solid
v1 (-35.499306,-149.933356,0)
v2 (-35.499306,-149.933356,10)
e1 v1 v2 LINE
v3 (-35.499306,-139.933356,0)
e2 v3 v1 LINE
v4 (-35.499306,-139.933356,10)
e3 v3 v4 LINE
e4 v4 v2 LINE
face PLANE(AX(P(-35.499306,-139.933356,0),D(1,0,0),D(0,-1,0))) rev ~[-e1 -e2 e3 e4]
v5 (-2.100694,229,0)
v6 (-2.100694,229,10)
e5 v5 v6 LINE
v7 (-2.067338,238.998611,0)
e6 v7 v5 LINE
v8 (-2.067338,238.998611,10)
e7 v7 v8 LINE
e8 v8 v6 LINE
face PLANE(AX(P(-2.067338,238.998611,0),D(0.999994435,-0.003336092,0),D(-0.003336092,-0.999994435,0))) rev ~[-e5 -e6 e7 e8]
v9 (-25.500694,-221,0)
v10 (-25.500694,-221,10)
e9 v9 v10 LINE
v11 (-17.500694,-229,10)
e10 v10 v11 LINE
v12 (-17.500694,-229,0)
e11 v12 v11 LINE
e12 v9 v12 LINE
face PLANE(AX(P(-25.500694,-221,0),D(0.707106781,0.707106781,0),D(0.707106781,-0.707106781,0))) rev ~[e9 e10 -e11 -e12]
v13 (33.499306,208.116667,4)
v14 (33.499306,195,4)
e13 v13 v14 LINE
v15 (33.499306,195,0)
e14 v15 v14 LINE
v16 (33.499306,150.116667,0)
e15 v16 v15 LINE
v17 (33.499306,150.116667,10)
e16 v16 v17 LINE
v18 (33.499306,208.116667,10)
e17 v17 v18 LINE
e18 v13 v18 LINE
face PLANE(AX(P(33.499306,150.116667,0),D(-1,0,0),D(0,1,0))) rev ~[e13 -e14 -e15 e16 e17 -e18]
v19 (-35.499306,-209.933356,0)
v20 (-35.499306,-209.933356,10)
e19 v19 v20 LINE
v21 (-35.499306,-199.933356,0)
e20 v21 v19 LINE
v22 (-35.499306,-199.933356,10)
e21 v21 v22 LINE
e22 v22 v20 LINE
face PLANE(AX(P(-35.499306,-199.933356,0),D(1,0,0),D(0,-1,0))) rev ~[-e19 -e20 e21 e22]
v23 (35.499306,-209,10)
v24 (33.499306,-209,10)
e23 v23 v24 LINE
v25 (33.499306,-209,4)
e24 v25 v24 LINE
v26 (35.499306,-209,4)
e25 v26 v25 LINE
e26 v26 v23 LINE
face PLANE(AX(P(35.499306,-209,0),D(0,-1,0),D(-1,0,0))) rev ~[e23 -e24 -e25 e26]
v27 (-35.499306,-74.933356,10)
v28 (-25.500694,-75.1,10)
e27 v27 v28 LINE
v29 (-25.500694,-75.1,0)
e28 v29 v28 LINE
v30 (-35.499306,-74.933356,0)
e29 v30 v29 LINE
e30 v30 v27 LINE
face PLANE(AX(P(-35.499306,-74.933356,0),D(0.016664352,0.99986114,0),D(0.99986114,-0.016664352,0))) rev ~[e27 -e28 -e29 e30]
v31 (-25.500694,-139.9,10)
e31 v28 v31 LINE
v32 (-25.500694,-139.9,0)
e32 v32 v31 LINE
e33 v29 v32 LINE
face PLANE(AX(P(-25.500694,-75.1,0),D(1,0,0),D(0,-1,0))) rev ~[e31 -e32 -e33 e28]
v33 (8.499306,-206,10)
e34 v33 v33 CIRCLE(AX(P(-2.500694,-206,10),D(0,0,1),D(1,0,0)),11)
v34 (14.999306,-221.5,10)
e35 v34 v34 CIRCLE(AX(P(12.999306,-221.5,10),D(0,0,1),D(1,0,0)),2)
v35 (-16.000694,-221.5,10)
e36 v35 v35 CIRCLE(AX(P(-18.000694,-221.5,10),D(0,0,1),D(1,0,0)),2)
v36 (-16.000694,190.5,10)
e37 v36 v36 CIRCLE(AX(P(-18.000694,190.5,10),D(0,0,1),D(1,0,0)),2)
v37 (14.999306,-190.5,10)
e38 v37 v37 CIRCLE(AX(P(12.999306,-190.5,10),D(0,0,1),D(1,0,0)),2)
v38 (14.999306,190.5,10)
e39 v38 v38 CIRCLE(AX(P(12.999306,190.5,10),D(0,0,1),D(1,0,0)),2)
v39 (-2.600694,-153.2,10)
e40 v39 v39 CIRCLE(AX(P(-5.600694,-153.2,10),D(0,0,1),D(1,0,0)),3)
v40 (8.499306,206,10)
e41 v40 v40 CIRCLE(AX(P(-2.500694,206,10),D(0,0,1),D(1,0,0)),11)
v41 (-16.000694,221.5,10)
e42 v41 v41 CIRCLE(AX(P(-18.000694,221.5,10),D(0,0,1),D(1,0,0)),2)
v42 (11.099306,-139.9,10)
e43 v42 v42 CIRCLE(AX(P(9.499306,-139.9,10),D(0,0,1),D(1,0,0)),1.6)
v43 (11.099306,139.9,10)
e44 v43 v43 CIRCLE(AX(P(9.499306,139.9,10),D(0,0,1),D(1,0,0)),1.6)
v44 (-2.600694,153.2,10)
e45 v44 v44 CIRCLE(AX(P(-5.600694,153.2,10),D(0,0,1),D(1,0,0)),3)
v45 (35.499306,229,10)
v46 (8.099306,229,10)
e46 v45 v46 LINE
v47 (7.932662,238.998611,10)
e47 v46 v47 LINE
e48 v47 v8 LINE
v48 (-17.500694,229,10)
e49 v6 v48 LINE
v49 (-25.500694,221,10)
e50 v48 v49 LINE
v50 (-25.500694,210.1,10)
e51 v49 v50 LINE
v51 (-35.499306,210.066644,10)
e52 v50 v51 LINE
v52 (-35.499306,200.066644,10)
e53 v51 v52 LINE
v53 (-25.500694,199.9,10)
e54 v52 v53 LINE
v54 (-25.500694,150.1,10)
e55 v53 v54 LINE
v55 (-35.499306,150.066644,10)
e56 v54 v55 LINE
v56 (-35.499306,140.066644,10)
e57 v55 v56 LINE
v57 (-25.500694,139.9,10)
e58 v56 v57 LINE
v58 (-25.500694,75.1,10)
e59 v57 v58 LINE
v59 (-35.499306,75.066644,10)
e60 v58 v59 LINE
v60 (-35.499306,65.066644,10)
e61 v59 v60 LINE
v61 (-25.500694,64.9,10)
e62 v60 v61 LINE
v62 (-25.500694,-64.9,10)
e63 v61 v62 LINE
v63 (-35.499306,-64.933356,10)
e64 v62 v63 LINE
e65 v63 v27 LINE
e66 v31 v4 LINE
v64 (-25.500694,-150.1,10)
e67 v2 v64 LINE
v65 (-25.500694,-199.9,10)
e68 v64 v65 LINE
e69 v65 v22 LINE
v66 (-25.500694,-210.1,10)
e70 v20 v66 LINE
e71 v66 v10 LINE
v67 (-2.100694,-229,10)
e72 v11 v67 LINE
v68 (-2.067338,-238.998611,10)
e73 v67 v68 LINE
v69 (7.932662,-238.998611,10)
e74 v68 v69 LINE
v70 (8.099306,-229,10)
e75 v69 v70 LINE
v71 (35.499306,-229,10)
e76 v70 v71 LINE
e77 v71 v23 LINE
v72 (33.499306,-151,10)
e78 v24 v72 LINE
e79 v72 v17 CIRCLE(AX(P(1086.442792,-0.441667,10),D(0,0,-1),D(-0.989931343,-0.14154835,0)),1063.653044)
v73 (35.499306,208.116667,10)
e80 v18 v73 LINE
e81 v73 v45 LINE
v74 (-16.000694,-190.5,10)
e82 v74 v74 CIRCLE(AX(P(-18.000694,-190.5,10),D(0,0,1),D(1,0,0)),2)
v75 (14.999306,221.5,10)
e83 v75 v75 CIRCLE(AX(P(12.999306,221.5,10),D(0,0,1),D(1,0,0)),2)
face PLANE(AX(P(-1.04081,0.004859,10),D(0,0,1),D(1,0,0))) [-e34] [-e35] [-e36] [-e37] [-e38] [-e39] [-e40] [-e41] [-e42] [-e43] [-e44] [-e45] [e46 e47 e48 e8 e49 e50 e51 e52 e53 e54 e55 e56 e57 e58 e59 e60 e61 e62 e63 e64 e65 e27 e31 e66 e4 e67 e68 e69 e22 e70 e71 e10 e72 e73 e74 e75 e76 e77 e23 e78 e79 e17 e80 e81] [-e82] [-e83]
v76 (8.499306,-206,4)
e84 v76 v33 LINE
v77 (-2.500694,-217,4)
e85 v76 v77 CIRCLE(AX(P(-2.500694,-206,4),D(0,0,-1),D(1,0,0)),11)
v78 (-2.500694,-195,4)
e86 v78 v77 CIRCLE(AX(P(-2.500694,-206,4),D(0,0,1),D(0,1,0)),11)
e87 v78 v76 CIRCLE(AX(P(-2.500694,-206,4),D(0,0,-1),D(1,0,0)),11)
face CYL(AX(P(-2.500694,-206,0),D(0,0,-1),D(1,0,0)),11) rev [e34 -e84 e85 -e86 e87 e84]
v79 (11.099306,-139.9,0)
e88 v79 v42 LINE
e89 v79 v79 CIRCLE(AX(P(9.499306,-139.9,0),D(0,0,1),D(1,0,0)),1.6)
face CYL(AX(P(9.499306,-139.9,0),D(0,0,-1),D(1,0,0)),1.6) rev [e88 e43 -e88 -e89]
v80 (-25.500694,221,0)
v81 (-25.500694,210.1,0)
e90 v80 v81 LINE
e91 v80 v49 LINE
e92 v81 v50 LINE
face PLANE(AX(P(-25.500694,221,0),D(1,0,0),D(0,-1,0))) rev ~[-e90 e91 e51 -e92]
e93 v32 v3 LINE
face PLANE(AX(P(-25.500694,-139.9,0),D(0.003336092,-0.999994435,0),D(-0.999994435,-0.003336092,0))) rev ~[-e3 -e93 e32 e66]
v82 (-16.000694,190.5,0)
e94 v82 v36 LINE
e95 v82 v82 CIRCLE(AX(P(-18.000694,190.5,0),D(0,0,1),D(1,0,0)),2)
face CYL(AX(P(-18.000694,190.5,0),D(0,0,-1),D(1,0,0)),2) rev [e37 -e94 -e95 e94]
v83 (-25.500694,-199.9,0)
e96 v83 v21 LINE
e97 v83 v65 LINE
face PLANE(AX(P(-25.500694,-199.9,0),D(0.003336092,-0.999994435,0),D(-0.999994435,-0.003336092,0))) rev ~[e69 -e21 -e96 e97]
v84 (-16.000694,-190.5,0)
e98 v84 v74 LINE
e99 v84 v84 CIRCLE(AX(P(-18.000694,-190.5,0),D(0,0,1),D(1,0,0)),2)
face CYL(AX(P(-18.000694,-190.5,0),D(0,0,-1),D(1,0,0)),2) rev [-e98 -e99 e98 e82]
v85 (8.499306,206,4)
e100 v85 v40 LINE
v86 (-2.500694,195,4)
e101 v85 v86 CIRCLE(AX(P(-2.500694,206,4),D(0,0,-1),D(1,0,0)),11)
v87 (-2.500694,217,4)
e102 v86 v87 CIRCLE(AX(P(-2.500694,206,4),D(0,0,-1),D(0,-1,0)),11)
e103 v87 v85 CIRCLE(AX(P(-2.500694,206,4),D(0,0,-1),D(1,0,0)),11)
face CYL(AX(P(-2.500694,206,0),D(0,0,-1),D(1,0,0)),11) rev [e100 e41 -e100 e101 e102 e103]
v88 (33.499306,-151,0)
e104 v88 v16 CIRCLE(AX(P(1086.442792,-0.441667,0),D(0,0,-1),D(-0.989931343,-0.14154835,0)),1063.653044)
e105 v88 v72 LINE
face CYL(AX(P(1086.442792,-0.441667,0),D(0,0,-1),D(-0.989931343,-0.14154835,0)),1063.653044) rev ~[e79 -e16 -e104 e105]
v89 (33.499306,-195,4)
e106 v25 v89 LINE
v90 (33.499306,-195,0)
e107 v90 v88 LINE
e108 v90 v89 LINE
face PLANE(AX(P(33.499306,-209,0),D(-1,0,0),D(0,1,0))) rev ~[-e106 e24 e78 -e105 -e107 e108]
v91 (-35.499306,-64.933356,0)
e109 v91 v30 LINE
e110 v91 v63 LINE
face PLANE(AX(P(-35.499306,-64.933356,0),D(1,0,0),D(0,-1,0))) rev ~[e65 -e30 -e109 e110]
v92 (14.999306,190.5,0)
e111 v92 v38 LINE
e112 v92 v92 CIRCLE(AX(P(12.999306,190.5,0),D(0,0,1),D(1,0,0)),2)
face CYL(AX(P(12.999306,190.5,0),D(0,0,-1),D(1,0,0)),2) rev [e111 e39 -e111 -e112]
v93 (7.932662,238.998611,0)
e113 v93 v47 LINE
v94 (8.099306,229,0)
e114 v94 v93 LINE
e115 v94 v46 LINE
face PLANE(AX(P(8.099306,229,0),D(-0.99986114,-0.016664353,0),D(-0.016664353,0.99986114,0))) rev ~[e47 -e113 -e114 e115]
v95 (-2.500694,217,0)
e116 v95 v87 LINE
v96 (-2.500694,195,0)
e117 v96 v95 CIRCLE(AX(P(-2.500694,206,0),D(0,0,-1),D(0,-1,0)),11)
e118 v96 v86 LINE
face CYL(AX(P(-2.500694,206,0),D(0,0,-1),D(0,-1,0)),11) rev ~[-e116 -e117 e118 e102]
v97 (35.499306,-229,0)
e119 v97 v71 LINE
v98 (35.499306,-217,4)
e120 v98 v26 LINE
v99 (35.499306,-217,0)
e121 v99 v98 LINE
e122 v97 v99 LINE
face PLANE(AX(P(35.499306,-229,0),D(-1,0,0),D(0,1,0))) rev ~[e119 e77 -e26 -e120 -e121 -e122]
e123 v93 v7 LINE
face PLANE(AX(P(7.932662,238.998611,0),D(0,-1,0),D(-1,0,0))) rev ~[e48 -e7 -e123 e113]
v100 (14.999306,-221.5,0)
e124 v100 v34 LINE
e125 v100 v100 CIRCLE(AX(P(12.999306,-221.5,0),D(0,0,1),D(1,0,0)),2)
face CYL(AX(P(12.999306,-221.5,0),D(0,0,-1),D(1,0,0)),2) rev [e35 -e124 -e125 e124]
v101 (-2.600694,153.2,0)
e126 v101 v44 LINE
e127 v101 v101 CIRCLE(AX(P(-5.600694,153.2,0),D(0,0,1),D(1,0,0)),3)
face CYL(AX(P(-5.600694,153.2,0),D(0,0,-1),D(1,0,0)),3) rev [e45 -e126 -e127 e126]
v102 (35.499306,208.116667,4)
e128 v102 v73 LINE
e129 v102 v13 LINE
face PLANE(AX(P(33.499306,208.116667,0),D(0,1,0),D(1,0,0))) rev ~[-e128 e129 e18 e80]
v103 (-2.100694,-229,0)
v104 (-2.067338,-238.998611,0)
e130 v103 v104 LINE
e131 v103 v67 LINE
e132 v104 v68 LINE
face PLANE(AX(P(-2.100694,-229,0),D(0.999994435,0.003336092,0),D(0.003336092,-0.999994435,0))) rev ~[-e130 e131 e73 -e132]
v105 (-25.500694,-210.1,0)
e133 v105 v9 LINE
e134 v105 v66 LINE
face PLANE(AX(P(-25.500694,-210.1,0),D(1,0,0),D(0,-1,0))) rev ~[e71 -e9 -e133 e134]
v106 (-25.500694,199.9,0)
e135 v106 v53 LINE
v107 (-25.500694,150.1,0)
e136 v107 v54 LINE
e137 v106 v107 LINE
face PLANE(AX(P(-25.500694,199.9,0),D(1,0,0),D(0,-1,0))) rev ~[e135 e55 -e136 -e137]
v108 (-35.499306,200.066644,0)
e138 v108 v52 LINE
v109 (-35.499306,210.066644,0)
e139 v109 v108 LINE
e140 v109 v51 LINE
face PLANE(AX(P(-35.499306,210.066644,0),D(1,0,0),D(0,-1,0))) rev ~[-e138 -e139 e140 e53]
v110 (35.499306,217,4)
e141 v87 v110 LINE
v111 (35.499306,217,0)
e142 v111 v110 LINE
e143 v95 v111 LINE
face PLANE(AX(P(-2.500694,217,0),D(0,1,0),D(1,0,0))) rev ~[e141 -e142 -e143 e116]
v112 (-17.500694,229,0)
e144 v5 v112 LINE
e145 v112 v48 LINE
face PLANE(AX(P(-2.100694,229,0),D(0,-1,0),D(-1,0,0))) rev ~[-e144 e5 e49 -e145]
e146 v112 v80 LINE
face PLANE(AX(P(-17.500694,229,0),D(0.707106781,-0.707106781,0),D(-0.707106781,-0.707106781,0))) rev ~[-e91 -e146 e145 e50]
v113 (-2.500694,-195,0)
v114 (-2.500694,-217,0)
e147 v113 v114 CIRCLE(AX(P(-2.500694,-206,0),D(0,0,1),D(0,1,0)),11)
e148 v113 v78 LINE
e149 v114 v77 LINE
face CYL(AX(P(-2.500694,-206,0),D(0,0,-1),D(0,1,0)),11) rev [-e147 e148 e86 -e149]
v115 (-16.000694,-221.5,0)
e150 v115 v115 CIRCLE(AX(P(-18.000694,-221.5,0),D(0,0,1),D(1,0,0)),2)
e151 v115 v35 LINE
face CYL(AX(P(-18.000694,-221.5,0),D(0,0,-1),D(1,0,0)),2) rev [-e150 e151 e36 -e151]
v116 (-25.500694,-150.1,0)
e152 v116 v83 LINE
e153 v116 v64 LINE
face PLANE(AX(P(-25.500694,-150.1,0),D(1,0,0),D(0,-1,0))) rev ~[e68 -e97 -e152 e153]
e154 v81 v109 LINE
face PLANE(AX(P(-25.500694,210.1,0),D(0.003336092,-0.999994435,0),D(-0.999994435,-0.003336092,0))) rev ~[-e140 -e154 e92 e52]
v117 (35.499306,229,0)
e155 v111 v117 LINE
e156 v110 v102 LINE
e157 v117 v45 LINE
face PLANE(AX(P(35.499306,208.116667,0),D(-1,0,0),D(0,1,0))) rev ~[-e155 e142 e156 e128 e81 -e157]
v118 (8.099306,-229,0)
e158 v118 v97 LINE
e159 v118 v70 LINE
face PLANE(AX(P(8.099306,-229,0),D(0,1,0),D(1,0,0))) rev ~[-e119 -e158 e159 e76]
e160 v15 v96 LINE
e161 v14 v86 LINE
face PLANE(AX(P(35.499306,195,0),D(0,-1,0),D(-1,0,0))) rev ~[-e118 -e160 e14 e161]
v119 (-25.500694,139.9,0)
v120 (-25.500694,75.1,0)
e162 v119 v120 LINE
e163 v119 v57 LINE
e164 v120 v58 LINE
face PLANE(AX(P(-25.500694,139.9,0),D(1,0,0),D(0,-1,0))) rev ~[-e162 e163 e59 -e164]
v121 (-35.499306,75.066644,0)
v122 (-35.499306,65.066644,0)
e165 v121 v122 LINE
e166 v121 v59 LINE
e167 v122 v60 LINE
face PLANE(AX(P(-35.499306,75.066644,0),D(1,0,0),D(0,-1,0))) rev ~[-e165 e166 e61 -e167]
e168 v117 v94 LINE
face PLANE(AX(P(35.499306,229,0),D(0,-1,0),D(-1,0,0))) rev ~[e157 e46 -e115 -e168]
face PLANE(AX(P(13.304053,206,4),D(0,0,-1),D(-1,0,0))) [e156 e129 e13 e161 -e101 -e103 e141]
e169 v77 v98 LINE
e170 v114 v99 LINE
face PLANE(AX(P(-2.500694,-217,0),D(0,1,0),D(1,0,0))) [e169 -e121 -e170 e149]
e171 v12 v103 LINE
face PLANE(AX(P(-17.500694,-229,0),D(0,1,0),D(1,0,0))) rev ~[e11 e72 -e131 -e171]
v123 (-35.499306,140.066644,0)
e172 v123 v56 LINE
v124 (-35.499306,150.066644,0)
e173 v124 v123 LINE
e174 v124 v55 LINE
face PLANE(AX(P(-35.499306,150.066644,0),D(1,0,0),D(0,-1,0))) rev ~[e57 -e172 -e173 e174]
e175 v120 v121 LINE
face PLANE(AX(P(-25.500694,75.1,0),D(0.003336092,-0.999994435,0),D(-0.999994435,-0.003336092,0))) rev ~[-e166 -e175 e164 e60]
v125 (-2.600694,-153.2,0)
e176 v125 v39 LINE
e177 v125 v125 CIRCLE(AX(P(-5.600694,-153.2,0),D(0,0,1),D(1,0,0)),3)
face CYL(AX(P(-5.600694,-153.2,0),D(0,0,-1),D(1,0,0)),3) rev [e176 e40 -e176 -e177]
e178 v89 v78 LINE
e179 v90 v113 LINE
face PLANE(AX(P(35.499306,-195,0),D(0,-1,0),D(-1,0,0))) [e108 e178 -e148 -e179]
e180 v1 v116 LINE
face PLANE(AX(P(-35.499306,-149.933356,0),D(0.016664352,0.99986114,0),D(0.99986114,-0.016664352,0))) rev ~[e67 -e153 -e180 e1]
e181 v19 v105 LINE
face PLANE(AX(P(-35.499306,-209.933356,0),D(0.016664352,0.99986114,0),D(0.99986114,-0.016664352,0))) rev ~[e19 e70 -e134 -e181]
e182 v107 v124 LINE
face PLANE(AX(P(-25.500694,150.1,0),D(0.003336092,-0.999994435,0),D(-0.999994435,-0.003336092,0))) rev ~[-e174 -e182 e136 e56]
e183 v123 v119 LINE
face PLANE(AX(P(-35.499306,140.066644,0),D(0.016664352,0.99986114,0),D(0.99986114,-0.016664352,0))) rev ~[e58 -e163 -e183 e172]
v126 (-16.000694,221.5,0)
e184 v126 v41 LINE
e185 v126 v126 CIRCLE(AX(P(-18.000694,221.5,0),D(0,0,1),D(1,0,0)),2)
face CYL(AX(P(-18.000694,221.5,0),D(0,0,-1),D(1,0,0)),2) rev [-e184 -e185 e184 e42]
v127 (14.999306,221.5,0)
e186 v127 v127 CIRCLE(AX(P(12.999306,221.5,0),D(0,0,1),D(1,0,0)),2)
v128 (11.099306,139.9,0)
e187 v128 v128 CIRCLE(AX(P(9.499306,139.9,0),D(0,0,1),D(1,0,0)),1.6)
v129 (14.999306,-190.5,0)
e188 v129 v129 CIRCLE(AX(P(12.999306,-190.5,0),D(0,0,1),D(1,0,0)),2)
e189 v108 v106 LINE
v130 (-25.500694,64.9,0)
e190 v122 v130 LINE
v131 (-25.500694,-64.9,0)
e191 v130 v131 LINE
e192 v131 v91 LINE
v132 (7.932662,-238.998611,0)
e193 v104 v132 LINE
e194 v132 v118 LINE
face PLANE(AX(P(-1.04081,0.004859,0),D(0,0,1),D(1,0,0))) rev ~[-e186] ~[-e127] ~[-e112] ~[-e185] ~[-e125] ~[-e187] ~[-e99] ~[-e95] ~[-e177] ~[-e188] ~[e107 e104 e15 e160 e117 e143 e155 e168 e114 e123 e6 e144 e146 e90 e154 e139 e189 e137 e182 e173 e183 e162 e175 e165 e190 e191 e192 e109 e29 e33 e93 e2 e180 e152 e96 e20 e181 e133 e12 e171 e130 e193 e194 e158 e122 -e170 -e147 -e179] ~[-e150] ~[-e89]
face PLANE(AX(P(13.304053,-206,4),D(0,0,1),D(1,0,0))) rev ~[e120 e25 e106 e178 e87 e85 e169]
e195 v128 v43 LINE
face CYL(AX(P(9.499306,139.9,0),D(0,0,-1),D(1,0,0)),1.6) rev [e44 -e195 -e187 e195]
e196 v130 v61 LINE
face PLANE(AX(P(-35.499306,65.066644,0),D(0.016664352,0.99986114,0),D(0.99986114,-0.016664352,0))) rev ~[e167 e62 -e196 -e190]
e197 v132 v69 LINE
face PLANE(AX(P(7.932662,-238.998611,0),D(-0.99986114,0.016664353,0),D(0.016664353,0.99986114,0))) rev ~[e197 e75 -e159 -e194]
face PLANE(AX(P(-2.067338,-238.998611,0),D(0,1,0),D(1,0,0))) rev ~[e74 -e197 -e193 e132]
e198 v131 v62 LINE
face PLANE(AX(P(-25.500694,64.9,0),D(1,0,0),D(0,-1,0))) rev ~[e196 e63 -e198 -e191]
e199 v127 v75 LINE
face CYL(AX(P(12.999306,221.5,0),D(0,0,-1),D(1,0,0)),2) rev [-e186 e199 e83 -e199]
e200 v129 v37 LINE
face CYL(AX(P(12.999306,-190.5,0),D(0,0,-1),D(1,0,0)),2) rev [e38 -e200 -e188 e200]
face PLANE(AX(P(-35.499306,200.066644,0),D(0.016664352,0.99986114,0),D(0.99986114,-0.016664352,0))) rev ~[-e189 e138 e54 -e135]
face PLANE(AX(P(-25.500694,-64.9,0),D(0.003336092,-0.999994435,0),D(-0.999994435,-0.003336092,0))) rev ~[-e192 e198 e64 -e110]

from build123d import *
from build123d.topology import SkipClean

# Parameters (mm, degrees)
SKETCH_2_R          = 2
SKETCH_2_R_2        = 11
SKETCH_2_R_3        = 3
SKETCH_2_R_4        = 1.6
EXTRUDE_1_DEPTH     = 10
CUT_EXTRUDE_2_DEPTH = 4


with BuildPart() as part:
    # Эскиз2 → Бобышка-Вытянуть1 (new body)
    with BuildSketch(Plane.XY):
        with BuildLine():
            Line((-25.5006943, 139.9), (-25.5006943, 109.05))
            Line((-25.5006943, 109.05), (-25.5006943, 75.100000001))
            Line((-25.5006943, 75.100000001), (-35.4993057, 75.066643523))
            Line((-35.4993057, 75.066643523), (-35.4993057, 65.066643523))
            Line((-35.4993057, 65.066643523), (-25.5006943, 64.9))
            Line((-25.5006943, 64.9), (-25.5006943, -64.899999999))
            Line((-25.5006943, -64.899999999), (-35.4993057, -64.933356477))
            Line((-35.4993057, -64.933356477), (-35.4993057, -74.933356477))
            Line((-35.4993057, -74.933356477), (-25.5006943, -75.1))
            Line((-25.5006943, -75.1), (-25.5006943, -105.95))
            Line((-25.5006943, -105.95), (-25.5006943, -139.899999999))
            Line((-25.5006943, -139.899999999), (-35.4993057, -139.933356477))
            Line((-35.4993057, -139.933356477), (-35.4993057, -149.933356477))
            Line((-35.4993057, -149.933356477), (-25.5006943, -150.1))
            Line((-25.5006943, -150.1), (-25.5006943, -173.45))
            Line((-25.5006943, -173.45), (-25.5006943, -199.899999999))
            Line((-25.5006943, -199.899999999), (-35.4993057, -199.933356477))
            Line((-35.4993057, -199.933356477), (-35.4993057, -209.933356477))
            Line((-35.4993057, -209.933356477), (-25.5006943, -210.1))
            Line((-25.5006943, -210.1), (-25.5006943, -221))
            Line((-25.5006943, -221), (-17.5006943, -229))
            Line((-17.5006943, -229), (-2.1006943, -229))
            Line((-2.1006943, -229), (-2.067337824, -238.9986114))
            Line((-2.067337824, -238.9986114), (7.932662176, -238.9986114))
            Line((7.932662176, -238.9986114), (8.099305701, -229))
            Line((8.099305701, -229), (35.4993057, -229))
            Line((35.4993057, -229), (35.4993057, -209))
            Line((35.4993057, -209), (33.4993057, -209))
            Line((33.4993057, -209), (33.4993057, -151))
            ThreePointArc((33.4993057, -151), (22.78974844, -0.441666666), (33.4993057, 150.116666668))
            Line((33.4993057, 150.116666668), (33.4993057, 208.116666668))
            Line((33.4993057, 208.116666668), (35.4993057, 208.116666668))
            Line((35.4993057, 208.116666668), (35.4993057, 229))
            Line((35.4993057, 229), (8.099305701, 229))
            Line((8.099305701, 229), (7.932662176, 238.9986114))
            Line((7.932662176, 238.9986114), (-2.067337824, 238.9986114))
            Line((-2.067337824, 238.9986114), (-2.1006943, 229))
            Line((-2.1006943, 229), (-17.5006943, 229))
            Line((-17.5006943, 229), (-25.5006943, 221))
            Line((-25.5006943, 221), (-25.5006943, 210.100000001))
            Line((-25.5006943, 210.100000001), (-35.4993057, 210.066643523))
            Line((-35.4993057, 210.066643523), (-35.4993057, 200.066643523))
            Line((-35.4993057, 200.066643523), (-25.5006943, 199.9))
            Line((-25.5006943, 199.9), (-25.5006943, 176.55))
            Line((-25.5006943, 176.55), (-25.5006943, 150.100000001))
            Line((-25.5006943, 150.100000001), (-35.4993057, 150.066643523))
            Line((-35.4993057, 150.066643523), (-35.4993057, 140.066643523))
            Line((-35.4993057, 140.066643523), (-25.5006943, 139.9))
        make_face()
        with Locations((-18.0006943, -190.5)):
            Circle(SKETCH_2_R, mode=Mode.SUBTRACT)
        with Locations((-18.0006943, -221.5)):
            Circle(SKETCH_2_R, mode=Mode.SUBTRACT)
        with Locations((-18.0006943, 190.5)):
            Circle(SKETCH_2_R, mode=Mode.SUBTRACT)
        with Locations((12.9993057, 221.5)):
            Circle(SKETCH_2_R, mode=Mode.SUBTRACT)
        with Locations((-2.5006943, -206)):
            Circle(SKETCH_2_R_2, mode=Mode.SUBTRACT)
        with Locations((-2.5006943, 206)):
            Circle(SKETCH_2_R_2, mode=Mode.SUBTRACT)
        with Locations((-18.0006943, 221.5)):
            Circle(SKETCH_2_R, mode=Mode.SUBTRACT)
        with Locations((12.9993057, -221.5)):
            Circle(SKETCH_2_R, mode=Mode.SUBTRACT)
        with Locations((12.9993057, -190.5)):
            Circle(SKETCH_2_R, mode=Mode.SUBTRACT)
        with Locations((12.9993057, 190.5)):
            Circle(SKETCH_2_R, mode=Mode.SUBTRACT)
        with Locations((-5.6006943, -153.2)):
            Circle(SKETCH_2_R_3, mode=Mode.SUBTRACT)
        with Locations((-5.6006943, 153.2)):
            Circle(SKETCH_2_R_3, mode=Mode.SUBTRACT)
        with Locations((9.4993057, -139.899999999)):
            Circle(SKETCH_2_R_4, mode=Mode.SUBTRACT)
        with Locations((9.4993057, 139.9)):
            Circle(SKETCH_2_R_4, mode=Mode.SUBTRACT)
    extrude(amount=EXTRUDE_1_DEPTH)

    # Эскиз4 → Вырез-Вытянуть2 (cut)
    with SkipClean():  # the faces are left unmerged after this step: merging them gives an invalid solid
        with BuildSketch(Plane.XY):
            with BuildLine():
                Line((-2.5006943, 217), (35.4993057, 217))
                Line((35.4993057, 217), (35.4993057, 195))
                Line((35.4993057, 195), (-2.5006943, 195))
                ThreePointArc((-2.5006943, 195), (-13.5006943, 206), (-2.5006943, 217))
            make_face()
            with BuildLine():
                Line((-2.5006943, -217), (35.4993057, -217))
                Line((35.4993057, -217), (35.4993057, -195))
                Line((35.4993057, -195), (-2.5006943, -195))
                ThreePointArc((-2.5006943, -195), (-13.5006943, -206), (-2.5006943, -217))
            make_face()
        extrude(amount=CUT_EXTRUDE_2_DEPTH, mode=Mode.SUBTRACT)


solid = part.part
